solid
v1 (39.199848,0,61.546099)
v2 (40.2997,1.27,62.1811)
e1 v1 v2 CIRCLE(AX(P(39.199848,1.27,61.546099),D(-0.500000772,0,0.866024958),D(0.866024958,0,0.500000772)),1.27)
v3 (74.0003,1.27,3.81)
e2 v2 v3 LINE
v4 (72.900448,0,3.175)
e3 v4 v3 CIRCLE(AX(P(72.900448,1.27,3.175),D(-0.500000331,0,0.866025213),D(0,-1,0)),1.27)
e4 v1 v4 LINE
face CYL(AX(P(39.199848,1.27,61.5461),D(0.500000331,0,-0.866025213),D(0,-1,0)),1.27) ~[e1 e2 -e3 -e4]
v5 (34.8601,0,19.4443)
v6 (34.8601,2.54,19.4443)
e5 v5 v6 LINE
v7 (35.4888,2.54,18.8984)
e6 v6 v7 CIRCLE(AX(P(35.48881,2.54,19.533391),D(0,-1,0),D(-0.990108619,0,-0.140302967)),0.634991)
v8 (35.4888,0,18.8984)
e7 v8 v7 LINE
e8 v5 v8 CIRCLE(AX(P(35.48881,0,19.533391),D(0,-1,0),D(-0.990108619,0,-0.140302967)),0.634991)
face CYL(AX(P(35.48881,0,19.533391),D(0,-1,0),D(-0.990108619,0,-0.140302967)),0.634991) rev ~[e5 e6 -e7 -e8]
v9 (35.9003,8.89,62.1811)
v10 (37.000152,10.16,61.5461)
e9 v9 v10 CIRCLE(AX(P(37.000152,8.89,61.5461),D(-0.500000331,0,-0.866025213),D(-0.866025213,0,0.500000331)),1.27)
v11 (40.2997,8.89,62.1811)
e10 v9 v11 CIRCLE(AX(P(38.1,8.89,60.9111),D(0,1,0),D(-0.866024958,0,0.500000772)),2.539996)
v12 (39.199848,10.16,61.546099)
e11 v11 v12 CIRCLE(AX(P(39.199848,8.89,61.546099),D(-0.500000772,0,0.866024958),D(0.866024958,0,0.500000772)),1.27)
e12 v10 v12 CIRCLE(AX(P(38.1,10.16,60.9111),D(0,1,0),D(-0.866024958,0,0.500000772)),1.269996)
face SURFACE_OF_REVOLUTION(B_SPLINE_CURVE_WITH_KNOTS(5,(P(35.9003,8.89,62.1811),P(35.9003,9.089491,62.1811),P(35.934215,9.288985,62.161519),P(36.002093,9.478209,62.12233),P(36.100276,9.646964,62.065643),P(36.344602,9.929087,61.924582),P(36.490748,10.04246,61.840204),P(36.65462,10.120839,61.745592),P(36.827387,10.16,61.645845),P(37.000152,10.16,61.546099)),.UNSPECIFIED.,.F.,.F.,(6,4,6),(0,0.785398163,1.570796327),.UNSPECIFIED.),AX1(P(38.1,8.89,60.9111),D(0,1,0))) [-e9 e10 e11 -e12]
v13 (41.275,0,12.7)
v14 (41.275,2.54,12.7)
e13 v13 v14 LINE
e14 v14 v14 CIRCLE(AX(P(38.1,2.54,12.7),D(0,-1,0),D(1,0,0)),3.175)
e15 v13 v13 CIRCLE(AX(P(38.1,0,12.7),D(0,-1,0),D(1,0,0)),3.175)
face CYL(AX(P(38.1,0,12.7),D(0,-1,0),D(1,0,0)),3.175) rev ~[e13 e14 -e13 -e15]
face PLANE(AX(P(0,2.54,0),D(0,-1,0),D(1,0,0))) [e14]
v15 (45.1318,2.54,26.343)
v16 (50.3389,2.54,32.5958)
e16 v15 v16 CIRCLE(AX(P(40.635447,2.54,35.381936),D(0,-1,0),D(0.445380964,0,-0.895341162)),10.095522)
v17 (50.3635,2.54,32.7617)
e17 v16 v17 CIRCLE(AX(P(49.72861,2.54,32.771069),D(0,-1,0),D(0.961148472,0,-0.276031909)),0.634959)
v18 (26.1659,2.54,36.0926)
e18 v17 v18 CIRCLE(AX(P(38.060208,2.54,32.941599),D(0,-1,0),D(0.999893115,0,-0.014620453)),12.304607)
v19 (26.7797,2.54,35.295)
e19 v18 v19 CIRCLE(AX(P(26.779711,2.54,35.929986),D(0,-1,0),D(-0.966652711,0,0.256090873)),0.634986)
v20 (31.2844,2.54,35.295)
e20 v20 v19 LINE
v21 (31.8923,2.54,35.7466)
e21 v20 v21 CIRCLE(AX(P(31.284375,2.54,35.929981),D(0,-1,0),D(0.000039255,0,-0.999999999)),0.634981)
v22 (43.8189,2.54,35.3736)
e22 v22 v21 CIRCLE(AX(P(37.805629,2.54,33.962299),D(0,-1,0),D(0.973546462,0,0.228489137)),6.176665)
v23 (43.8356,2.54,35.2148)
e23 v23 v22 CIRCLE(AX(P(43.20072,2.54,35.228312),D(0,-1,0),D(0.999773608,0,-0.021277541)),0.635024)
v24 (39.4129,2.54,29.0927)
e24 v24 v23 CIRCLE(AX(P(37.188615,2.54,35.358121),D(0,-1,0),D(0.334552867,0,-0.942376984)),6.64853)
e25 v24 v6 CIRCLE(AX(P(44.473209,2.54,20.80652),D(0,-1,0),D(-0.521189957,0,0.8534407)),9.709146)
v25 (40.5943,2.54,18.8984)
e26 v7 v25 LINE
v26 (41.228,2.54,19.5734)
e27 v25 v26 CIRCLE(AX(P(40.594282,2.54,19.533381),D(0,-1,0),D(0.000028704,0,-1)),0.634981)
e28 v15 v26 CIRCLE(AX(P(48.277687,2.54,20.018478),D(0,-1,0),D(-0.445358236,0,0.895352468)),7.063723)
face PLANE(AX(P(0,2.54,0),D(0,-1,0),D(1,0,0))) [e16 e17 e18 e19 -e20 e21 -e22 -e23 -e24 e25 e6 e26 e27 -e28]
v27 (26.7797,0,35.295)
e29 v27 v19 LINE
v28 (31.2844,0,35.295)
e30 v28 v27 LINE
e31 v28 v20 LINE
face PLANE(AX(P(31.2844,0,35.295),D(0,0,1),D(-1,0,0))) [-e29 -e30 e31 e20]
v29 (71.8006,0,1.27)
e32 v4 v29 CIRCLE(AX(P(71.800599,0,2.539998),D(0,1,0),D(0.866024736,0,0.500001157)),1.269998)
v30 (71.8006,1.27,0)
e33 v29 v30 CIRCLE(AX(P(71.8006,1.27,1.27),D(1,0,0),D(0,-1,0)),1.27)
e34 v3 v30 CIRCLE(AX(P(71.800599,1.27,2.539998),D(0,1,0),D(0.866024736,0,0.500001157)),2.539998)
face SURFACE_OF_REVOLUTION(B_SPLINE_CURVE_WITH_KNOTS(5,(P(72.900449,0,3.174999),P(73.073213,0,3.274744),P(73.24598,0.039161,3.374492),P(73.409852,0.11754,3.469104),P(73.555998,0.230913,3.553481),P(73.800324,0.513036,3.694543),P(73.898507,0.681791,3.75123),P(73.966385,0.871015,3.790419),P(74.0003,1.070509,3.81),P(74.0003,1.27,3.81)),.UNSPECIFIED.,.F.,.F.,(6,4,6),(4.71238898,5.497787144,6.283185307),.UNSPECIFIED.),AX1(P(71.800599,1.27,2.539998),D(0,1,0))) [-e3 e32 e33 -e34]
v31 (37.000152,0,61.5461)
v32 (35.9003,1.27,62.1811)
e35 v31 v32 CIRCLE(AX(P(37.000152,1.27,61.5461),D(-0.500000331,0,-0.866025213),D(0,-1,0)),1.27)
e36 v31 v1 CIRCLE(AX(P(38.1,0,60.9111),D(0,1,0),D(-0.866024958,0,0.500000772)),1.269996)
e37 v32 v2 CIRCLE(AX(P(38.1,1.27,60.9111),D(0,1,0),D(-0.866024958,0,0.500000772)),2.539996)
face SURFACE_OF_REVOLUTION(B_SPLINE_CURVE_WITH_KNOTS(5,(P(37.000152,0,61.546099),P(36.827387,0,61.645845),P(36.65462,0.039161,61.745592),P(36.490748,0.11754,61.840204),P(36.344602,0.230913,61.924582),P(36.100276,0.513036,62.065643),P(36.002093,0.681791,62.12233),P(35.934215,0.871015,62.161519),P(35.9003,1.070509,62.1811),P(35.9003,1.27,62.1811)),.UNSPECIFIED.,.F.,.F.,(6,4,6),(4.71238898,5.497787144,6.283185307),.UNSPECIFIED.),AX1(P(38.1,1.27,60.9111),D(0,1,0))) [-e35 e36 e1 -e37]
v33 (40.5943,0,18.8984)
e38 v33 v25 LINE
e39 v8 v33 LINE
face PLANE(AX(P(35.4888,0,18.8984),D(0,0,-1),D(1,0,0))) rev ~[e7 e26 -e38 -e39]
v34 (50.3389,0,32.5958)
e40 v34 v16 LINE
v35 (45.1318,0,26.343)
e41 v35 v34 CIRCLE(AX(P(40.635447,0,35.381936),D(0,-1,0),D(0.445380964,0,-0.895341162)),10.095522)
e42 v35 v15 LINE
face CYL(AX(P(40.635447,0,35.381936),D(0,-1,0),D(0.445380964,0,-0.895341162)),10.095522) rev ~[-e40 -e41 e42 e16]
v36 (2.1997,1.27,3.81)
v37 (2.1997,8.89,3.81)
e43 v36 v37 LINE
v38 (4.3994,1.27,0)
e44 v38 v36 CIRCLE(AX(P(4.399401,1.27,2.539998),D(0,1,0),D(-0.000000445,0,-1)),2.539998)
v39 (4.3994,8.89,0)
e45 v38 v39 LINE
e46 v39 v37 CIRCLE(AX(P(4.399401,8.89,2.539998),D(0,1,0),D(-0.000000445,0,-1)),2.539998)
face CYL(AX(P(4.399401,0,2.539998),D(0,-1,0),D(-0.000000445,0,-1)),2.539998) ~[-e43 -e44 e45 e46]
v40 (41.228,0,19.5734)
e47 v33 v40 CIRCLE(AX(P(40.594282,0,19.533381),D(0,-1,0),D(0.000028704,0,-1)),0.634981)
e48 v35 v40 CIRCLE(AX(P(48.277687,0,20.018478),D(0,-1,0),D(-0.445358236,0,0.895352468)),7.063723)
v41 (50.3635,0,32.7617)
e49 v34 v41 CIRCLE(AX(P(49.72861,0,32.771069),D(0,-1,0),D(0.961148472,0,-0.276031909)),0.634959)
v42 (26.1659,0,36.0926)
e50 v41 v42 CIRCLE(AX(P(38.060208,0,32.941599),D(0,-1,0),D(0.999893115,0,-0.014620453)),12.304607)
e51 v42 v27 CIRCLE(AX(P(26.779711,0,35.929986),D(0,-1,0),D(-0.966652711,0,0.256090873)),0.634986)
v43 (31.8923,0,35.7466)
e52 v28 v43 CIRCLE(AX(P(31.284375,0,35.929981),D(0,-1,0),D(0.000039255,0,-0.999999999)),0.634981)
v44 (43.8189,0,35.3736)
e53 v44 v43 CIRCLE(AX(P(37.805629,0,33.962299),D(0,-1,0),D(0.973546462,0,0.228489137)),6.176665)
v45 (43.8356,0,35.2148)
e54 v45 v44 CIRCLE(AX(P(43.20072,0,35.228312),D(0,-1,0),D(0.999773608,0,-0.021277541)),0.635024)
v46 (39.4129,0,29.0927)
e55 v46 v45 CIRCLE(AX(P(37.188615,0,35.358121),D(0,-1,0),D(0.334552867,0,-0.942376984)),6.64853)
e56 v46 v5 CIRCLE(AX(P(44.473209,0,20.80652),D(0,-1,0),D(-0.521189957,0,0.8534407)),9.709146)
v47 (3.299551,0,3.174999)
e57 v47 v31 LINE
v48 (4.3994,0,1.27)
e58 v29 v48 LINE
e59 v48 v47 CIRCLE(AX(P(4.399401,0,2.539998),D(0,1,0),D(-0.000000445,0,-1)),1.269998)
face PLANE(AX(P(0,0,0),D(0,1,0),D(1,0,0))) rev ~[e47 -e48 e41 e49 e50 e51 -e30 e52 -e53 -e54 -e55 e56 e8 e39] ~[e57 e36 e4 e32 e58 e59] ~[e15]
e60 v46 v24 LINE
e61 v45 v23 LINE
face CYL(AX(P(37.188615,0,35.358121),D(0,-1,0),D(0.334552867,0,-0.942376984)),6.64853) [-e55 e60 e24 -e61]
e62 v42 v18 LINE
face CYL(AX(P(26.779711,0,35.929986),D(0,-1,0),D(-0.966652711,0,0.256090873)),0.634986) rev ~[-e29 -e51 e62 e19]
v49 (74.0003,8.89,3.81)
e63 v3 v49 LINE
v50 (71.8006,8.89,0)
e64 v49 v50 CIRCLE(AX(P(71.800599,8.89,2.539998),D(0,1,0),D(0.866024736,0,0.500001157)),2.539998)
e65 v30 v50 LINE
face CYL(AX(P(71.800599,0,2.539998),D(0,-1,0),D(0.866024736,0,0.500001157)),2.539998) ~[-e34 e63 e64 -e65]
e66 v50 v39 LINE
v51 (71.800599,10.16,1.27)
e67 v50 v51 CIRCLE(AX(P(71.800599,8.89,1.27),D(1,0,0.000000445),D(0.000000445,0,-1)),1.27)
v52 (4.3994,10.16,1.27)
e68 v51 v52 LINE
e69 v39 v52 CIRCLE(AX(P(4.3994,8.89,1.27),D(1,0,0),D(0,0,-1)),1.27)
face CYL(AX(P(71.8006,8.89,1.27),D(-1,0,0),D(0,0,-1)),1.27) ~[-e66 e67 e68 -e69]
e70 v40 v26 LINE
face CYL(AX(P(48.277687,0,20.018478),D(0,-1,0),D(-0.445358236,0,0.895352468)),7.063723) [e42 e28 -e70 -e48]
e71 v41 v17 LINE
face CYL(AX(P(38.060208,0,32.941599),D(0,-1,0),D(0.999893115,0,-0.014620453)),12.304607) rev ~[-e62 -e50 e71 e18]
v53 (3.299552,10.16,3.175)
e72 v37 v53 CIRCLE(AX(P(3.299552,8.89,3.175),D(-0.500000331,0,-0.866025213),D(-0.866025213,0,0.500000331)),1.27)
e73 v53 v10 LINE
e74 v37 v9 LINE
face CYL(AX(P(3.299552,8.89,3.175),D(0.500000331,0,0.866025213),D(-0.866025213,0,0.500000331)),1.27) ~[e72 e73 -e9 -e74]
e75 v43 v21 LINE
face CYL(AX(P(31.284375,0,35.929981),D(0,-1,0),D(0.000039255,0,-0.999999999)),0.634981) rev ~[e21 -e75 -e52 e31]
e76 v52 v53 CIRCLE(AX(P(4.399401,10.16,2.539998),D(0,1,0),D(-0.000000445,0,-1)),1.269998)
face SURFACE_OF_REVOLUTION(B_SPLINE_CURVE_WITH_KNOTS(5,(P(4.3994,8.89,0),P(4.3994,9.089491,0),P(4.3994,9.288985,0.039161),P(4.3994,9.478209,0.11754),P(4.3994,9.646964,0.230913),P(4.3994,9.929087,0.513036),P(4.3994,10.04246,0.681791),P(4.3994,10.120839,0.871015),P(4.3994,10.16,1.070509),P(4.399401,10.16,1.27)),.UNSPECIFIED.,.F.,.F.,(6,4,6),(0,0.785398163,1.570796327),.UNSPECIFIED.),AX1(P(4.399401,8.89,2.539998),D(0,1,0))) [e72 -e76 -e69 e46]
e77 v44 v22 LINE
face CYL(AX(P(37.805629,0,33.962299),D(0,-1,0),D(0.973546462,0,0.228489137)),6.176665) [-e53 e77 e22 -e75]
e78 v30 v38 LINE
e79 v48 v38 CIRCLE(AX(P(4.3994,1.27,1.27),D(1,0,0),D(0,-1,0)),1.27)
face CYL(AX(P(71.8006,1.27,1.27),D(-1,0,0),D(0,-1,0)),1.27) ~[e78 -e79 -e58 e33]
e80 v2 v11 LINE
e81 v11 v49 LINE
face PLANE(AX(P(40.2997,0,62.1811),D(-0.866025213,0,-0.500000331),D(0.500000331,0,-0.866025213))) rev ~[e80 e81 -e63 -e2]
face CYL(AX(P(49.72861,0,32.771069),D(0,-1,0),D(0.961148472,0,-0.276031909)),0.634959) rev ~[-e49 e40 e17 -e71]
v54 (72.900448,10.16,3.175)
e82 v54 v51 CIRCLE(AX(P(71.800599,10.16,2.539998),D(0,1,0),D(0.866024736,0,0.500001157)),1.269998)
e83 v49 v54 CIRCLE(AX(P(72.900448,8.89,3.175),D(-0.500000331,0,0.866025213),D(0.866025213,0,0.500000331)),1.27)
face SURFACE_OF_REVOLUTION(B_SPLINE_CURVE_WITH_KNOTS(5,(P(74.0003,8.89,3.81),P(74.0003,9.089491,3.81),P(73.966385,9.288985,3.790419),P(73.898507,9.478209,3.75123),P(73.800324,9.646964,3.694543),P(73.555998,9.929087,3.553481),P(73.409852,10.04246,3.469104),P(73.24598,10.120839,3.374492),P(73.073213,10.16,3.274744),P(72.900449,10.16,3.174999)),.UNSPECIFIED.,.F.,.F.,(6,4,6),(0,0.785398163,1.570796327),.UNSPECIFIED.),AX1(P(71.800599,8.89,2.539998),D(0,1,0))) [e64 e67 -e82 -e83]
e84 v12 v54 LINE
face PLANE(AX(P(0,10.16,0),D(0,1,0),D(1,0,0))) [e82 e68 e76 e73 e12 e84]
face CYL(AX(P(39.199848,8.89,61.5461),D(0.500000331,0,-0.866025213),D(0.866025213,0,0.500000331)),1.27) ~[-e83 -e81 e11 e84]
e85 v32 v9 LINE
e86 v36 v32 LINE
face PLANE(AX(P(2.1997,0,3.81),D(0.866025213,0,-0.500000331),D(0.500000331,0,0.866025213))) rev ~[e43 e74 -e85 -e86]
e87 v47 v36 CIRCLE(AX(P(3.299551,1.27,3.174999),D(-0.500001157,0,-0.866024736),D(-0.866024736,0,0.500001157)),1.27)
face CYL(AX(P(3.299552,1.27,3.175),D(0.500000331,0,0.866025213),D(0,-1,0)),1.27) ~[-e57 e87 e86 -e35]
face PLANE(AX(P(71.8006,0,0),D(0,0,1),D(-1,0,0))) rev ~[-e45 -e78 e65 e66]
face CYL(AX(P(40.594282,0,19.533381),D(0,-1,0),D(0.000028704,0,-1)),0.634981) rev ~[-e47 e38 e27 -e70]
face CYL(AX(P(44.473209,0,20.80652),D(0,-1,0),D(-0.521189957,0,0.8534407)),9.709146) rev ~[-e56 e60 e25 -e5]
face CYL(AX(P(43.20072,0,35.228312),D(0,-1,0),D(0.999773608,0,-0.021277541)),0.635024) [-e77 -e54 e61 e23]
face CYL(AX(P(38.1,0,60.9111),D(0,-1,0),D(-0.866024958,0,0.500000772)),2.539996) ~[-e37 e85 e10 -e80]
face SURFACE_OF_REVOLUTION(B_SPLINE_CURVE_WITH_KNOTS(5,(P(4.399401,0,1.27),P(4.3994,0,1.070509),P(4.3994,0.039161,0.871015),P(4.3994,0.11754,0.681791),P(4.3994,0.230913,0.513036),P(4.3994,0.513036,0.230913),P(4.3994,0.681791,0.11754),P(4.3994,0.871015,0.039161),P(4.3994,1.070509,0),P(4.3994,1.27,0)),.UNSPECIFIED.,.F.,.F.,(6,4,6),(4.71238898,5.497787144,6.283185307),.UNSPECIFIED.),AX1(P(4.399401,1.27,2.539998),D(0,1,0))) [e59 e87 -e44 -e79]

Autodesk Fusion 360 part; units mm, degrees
sketch "Sketch1" plane through (0, 0, 0) normal (0, 1, 0) x (1, 0, 0)
  line L0 (2.1997, -3.81) -> (35.9003, -62.1811)
  line L1 (4.3994, 0) -> (71.8006, 0) construction
  line L2 (40.2997, -62.1811) -> (74.0003, -3.81)
  line L3 (76.2, 0) -> (0, 0)
  arc A0 (35.9003, -62.1811) -> (40.2997, -62.1811) centre (38.1, -60.9111) ccw
  arc A1 (74.0003, -3.81) -> (71.8006, 0) centre (71.8006, -2.54) ccw
  arc A2 (4.3994, 0) -> (2.1997, -3.81) centre (4.3994, -2.54) ccw
  point P0 (38.1, -65.9911)
  point P1 (76.2, 0)
  dimension "d1" = 60
  dimension "d2" = 76.2
  dimension "d4" = 76.2
  dimension "d7" = 2.54
  dimension "d8" = 2.54
extrude "Extrude1" add sketch "Sketch1" along normal blind 12.7
sketch "Sketch2" plane through (0, 0, 0) normal (0, -1, 0) x (1, 0, 0)
  arc A0 (2.1997, 3.81) -> (4.3994, 0) centre (4.3994, 2.54) ccw
  line L0 (4.3994, 0) -> (71.8006, 0)
  arc A1 (71.8006, 0) -> (74.0003, 3.81) centre (71.8006, 2.54) ccw
  line L1 (74.0003, 3.81) -> (40.2997, 62.1811)
  arc A2 (40.2997, 62.1811) -> (35.9003, 62.1811) centre (38.1, 60.9111) ccw
  line L2 (35.9003, 62.1811) -> (2.1997, 3.81)
  circle A3 centre (38.1, 12.7) radius 3.175
  line L3 (31.2844, 35.295) -> (26.7797, 35.295)
  arc A4 (43.8189, 35.3736) -> (31.8923, 35.7466) centre (37.8056, 33.9623) ccw
  arc A5 (50.3635, 32.7617) -> (26.1659, 36.0926) centre (38.0602, 32.9416) ccw
  arc A6 (39.4129, 29.0927) -> (43.8356, 35.2148) centre (37.1886, 35.3581) ccw
  arc A7 (45.1318, 26.343) -> (50.3389, 32.5958) centre (40.6355, 35.382) ccw
  arc A8 (39.4129, 29.0927) -> (34.8601, 19.4443) centre (44.4732, 20.8065) ccw
  arc A9 (45.1318, 26.343) -> (41.228, 19.5734) centre (48.2777, 20.0185) ccw
  line L4 (35.4888, 18.8984) -> (40.5943, 18.8984)
  arc A10 (26.1659, 36.0926) -> (26.7797, 35.295) centre (26.7797, 35.93) ccw
  arc A11 (31.2844, 35.295) -> (31.8923, 35.7466) centre (31.2844, 35.93) ccw
  arc A12 (34.8601, 19.4443) -> (35.4888, 18.8984) centre (35.4888, 19.5334) ccw
  arc A13 (40.5943, 18.8984) -> (41.228, 19.5734) centre (40.5943, 19.5334) ccw
  arc A14 (43.8356, 35.2148) -> (43.8189, 35.3736) centre (43.2007, 35.2285) ccw
  arc A15 (50.3389, 32.5958) -> (50.3635, 32.7617) centre (49.7286, 32.771) ccw
  point P0 (34.9534, 18.8984)
  point P1 (41.3034, 18.8984)
  dimension "d9" = 6.35
  dimension "d11" = 6.35
  dimension "d12" = 0.635
extrude "Extrude2" cut 1 faces at (38.8332, 12.7, 20.727) along direction (0, -1, 0) blind 2.54
extrude "Extrude3" cut sketch "Sketch2" against normal blind 2.54 contours A3 | L3 A4 A5 A6 A7 A8 A9 L4 A10 A11 A12 A13 A14 A15
fillet "Fillet1" radius 1.27 6 edges at (38.1, 0, 0) (2.1997, 0, 1.27) (19.05, 0, 32.9956) (38.1, 0, 63.4511) (57.15, 0, 32.9956) (74.0003, 0, 1.27)
fillet "Fillet2" radius 1.27 6 edges at (19.05, 10.16, 32.9956) (2.1997, 10.16, 1.27) (38.1, 10.16, 0) (74.0003, 10.16, 1.27) (57.15, 10.16, 32.9956) (38.1, 10.16, 63.4511)
